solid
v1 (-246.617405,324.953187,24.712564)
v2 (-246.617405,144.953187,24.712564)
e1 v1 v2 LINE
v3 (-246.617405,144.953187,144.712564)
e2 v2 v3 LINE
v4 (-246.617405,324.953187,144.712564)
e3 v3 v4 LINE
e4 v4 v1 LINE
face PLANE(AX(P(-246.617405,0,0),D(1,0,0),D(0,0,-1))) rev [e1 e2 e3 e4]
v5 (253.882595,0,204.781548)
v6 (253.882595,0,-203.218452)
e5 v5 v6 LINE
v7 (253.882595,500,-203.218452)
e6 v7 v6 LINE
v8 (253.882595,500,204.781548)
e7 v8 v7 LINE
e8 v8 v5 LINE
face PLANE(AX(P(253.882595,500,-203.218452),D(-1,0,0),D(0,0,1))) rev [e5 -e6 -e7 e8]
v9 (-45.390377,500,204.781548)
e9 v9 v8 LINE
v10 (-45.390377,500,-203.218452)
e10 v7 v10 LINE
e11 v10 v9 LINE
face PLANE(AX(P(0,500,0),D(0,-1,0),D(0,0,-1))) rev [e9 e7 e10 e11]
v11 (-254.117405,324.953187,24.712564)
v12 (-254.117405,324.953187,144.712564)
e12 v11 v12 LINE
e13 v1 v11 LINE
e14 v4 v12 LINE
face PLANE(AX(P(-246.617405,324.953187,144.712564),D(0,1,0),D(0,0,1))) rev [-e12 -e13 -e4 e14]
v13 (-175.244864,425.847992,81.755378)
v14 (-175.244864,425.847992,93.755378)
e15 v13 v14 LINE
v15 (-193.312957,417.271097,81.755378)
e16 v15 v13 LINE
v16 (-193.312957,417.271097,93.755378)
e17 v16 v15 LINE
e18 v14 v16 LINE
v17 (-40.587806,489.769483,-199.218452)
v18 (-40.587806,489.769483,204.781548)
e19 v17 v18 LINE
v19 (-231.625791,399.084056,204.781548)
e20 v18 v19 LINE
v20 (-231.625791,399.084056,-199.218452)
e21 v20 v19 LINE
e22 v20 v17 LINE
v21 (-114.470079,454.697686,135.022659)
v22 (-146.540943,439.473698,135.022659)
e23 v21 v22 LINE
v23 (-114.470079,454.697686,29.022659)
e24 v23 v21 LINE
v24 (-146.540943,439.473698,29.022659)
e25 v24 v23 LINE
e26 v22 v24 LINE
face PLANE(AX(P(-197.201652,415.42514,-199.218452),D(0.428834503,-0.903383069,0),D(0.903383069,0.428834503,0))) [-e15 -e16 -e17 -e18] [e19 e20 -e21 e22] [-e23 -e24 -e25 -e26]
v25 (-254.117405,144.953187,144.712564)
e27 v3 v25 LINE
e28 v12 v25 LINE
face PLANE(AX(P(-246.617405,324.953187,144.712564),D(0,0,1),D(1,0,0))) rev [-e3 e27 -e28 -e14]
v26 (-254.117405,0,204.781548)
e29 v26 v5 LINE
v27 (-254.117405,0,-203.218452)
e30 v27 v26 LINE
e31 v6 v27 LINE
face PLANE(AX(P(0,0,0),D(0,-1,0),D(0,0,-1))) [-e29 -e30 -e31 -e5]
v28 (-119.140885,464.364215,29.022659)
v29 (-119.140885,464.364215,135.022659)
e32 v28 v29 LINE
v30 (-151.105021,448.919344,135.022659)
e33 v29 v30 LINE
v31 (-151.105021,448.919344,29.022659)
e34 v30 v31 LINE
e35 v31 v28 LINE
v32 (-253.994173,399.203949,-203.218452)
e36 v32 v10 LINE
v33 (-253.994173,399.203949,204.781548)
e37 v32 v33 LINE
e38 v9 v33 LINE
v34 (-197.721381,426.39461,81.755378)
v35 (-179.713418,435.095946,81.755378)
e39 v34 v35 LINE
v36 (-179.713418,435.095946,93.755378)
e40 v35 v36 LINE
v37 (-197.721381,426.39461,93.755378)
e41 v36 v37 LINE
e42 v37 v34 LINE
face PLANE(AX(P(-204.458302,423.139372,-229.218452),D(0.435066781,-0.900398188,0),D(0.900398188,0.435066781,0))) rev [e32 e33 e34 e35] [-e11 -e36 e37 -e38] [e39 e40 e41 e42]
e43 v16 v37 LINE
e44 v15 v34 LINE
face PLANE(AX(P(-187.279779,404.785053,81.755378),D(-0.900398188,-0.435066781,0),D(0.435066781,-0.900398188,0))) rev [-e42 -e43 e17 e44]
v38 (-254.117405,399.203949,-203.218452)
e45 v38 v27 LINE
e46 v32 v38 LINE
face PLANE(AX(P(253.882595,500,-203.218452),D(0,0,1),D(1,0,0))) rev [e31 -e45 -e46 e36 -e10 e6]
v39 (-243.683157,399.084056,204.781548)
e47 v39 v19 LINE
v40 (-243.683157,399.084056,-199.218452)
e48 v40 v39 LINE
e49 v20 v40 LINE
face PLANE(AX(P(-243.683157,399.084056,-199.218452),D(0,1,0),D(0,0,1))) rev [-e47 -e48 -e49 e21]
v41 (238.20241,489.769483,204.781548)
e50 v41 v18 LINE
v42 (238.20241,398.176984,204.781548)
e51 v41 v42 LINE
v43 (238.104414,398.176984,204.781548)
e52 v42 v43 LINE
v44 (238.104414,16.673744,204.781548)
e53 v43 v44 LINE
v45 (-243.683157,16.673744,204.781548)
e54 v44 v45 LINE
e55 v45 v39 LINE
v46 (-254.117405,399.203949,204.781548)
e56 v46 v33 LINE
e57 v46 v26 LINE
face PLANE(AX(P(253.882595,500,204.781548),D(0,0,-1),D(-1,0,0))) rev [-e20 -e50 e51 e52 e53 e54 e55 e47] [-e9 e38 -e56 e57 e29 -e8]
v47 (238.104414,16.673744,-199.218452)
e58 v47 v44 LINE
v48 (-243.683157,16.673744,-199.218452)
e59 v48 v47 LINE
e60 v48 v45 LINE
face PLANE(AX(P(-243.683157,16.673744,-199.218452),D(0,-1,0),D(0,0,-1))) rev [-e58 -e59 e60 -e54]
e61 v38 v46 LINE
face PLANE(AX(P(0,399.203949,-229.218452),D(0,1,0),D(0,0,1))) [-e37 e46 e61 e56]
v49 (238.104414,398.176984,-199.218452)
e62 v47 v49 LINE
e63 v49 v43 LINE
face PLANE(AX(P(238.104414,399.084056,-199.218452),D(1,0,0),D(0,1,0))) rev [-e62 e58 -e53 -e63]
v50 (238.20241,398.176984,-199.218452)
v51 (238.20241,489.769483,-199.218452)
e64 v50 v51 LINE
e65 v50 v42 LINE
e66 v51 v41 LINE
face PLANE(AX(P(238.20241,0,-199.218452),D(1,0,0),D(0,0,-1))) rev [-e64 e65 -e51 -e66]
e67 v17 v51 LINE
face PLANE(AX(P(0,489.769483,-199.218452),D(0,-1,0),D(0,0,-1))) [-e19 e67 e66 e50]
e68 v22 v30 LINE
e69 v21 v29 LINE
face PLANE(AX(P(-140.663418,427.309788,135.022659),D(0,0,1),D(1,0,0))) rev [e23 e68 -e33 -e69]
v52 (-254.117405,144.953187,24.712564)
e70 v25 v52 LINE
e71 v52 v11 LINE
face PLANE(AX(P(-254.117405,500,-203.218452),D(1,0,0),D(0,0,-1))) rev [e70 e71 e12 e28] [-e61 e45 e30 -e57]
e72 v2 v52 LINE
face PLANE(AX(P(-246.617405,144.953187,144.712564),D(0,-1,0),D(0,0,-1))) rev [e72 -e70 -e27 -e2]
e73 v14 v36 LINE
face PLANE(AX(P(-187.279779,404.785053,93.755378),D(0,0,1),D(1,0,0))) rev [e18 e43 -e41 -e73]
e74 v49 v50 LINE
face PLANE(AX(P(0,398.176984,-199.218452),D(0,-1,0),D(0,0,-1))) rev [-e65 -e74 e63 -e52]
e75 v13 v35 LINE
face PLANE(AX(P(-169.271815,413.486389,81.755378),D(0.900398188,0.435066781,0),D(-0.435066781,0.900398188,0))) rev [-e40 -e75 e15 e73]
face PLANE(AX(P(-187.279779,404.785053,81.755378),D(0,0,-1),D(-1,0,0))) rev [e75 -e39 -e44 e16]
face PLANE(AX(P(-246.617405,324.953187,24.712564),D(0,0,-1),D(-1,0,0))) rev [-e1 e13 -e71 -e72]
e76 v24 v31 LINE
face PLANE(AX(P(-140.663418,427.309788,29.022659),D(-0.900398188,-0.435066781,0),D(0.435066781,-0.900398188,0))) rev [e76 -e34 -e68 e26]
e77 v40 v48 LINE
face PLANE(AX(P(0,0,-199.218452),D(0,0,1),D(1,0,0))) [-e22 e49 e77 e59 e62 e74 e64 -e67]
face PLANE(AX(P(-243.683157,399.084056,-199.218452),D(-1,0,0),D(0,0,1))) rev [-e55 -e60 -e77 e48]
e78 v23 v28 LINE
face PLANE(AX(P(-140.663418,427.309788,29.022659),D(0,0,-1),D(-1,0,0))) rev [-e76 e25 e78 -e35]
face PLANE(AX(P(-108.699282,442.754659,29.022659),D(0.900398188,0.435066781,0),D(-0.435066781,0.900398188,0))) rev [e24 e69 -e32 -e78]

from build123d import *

# Parameters (mm, degrees)
SKETCH1_W           = 508
SKETCH1_H           = 408
SKETCH1_W_2         = 500
SKETCH1_H_2         = 400
BOSS_EXTRUDE1_DEPTH = 500
SKETCH1_3_W         = 500
SKETCH1_3_H         = 400
BOSS_EXTRUDE2_DEPTH = 500
SKETCH2_W           = 120
SKETCH2_H           = 180
CUT_EXTRUDE1_DEPTH  = 7.5
SKETCH4_W           = 481.787571452
SKETCH4_H           = 382.410311639
CUT_EXTRUDE3_DEPTH  = 404
CUT_EXTRUDE4_DEPTH  = 434
CUT_EXTRUDE5_DEPTH  = 404
SKETCH10_W          = 20
SKETCH10_H          = 12
SKETCH10_W_2        = 35.5
SKETCH10_H_2        = 106
CUT_EXTRUDE6_DEPTH  = 24


with BuildPart() as part:
    # Sketch1 → Boss-Extrude1 (new body)
    with BuildSketch(Plane(origin=(0, 0, 0), x_dir=(1, 0, 0), z_dir=(0, 1, 0))):
        with Locations((-0.117405467, -0.781547842)):
            Rectangle(SKETCH1_W, SKETCH1_H)
        with Locations((-0.117405467, -0.781547842)):
            Rectangle(SKETCH1_W_2, SKETCH1_H_2, mode=Mode.SUBTRACT)
    extrude(amount=BOSS_EXTRUDE1_DEPTH)

    # Sketch1<3> → Boss-Extrude2 (add)
    with BuildSketch(Plane(origin=(0, 0, 0), x_dir=(1, 0, 0), z_dir=(0, 1, 0))):
        with Locations((-0.117405467, -0.781547842)):
            Rectangle(SKETCH1_3_W, SKETCH1_3_H)
    extrude(amount=BOSS_EXTRUDE2_DEPTH)

    # Sketch2 → Cut-Extrude1 (cut, symmetric)
    with BuildSketch(Plane.ZY.offset(254.117405467)):
        with Locations((84.712563528, 234.953187265)):
            Rectangle(SKETCH2_W, SKETCH2_H)
    extrude(amount=CUT_EXTRUDE1_DEPTH, both=True, mode=Mode.SUBTRACT)

    # Sketch4 → Cut-Extrude3 (cut, symmetric)
    with BuildSketch(Plane.XY.offset(204.781547842)):
        with Locations((-2.789371367, 207.878900207)):
            Rectangle(SKETCH4_W, SKETCH4_H)
    extrude(amount=CUT_EXTRUDE3_DEPTH, both=True, mode=Mode.SUBTRACT)

    # Sketch8 → Cut-Extrude4 (cut, symmetric)
    with BuildSketch(Plane.XY.offset(204.781547842)):
        Polygon((-254.117405467, 399.203948512), (-253.994172888, 399.203948512), (-45.39037666, 500), (-254.117405467, 500), align=None)
    extrude(amount=CUT_EXTRUDE4_DEPTH, both=True, mode=Mode.SUBTRACT)

    # Sketch9 → Cut-Extrude5 (cut, symmetric)
    with BuildSketch(Plane.XY.offset(204.781547842)):
        Polygon((-40.587805706, 489.7694832), (-231.625791255, 399.084056026), (238.104414359, 399.084056026), (238.104414359, 398.17698413), (238.202409937, 398.17698413), (238.202409937, 489.7694832), align=None)
    extrude(amount=CUT_EXTRUDE5_DEPTH, both=True, mode=Mode.SUBTRACT)

    # Sketch10 → Cut-Extrude6 (cut, symmetric)
    with BuildSketch(Plane(origin=(-204.45830182, 423.139372032, 0), x_dir=(0.9003981876242824, 0.43506678076234173, 0), z_dir=(-0.43506678076234173, 0.9003981876242824, 0))):
        with Locations((17.482156961, -87.755377662)):
            Rectangle(SKETCH10_W, SKETCH10_H)
        with Locations((77.005207248, -82.022659024)):
            Rectangle(SKETCH10_W_2, SKETCH10_H_2)
    extrude(amount=CUT_EXTRUDE6_DEPTH, both=True, mode=Mode.SUBTRACT)


solid = part.part
